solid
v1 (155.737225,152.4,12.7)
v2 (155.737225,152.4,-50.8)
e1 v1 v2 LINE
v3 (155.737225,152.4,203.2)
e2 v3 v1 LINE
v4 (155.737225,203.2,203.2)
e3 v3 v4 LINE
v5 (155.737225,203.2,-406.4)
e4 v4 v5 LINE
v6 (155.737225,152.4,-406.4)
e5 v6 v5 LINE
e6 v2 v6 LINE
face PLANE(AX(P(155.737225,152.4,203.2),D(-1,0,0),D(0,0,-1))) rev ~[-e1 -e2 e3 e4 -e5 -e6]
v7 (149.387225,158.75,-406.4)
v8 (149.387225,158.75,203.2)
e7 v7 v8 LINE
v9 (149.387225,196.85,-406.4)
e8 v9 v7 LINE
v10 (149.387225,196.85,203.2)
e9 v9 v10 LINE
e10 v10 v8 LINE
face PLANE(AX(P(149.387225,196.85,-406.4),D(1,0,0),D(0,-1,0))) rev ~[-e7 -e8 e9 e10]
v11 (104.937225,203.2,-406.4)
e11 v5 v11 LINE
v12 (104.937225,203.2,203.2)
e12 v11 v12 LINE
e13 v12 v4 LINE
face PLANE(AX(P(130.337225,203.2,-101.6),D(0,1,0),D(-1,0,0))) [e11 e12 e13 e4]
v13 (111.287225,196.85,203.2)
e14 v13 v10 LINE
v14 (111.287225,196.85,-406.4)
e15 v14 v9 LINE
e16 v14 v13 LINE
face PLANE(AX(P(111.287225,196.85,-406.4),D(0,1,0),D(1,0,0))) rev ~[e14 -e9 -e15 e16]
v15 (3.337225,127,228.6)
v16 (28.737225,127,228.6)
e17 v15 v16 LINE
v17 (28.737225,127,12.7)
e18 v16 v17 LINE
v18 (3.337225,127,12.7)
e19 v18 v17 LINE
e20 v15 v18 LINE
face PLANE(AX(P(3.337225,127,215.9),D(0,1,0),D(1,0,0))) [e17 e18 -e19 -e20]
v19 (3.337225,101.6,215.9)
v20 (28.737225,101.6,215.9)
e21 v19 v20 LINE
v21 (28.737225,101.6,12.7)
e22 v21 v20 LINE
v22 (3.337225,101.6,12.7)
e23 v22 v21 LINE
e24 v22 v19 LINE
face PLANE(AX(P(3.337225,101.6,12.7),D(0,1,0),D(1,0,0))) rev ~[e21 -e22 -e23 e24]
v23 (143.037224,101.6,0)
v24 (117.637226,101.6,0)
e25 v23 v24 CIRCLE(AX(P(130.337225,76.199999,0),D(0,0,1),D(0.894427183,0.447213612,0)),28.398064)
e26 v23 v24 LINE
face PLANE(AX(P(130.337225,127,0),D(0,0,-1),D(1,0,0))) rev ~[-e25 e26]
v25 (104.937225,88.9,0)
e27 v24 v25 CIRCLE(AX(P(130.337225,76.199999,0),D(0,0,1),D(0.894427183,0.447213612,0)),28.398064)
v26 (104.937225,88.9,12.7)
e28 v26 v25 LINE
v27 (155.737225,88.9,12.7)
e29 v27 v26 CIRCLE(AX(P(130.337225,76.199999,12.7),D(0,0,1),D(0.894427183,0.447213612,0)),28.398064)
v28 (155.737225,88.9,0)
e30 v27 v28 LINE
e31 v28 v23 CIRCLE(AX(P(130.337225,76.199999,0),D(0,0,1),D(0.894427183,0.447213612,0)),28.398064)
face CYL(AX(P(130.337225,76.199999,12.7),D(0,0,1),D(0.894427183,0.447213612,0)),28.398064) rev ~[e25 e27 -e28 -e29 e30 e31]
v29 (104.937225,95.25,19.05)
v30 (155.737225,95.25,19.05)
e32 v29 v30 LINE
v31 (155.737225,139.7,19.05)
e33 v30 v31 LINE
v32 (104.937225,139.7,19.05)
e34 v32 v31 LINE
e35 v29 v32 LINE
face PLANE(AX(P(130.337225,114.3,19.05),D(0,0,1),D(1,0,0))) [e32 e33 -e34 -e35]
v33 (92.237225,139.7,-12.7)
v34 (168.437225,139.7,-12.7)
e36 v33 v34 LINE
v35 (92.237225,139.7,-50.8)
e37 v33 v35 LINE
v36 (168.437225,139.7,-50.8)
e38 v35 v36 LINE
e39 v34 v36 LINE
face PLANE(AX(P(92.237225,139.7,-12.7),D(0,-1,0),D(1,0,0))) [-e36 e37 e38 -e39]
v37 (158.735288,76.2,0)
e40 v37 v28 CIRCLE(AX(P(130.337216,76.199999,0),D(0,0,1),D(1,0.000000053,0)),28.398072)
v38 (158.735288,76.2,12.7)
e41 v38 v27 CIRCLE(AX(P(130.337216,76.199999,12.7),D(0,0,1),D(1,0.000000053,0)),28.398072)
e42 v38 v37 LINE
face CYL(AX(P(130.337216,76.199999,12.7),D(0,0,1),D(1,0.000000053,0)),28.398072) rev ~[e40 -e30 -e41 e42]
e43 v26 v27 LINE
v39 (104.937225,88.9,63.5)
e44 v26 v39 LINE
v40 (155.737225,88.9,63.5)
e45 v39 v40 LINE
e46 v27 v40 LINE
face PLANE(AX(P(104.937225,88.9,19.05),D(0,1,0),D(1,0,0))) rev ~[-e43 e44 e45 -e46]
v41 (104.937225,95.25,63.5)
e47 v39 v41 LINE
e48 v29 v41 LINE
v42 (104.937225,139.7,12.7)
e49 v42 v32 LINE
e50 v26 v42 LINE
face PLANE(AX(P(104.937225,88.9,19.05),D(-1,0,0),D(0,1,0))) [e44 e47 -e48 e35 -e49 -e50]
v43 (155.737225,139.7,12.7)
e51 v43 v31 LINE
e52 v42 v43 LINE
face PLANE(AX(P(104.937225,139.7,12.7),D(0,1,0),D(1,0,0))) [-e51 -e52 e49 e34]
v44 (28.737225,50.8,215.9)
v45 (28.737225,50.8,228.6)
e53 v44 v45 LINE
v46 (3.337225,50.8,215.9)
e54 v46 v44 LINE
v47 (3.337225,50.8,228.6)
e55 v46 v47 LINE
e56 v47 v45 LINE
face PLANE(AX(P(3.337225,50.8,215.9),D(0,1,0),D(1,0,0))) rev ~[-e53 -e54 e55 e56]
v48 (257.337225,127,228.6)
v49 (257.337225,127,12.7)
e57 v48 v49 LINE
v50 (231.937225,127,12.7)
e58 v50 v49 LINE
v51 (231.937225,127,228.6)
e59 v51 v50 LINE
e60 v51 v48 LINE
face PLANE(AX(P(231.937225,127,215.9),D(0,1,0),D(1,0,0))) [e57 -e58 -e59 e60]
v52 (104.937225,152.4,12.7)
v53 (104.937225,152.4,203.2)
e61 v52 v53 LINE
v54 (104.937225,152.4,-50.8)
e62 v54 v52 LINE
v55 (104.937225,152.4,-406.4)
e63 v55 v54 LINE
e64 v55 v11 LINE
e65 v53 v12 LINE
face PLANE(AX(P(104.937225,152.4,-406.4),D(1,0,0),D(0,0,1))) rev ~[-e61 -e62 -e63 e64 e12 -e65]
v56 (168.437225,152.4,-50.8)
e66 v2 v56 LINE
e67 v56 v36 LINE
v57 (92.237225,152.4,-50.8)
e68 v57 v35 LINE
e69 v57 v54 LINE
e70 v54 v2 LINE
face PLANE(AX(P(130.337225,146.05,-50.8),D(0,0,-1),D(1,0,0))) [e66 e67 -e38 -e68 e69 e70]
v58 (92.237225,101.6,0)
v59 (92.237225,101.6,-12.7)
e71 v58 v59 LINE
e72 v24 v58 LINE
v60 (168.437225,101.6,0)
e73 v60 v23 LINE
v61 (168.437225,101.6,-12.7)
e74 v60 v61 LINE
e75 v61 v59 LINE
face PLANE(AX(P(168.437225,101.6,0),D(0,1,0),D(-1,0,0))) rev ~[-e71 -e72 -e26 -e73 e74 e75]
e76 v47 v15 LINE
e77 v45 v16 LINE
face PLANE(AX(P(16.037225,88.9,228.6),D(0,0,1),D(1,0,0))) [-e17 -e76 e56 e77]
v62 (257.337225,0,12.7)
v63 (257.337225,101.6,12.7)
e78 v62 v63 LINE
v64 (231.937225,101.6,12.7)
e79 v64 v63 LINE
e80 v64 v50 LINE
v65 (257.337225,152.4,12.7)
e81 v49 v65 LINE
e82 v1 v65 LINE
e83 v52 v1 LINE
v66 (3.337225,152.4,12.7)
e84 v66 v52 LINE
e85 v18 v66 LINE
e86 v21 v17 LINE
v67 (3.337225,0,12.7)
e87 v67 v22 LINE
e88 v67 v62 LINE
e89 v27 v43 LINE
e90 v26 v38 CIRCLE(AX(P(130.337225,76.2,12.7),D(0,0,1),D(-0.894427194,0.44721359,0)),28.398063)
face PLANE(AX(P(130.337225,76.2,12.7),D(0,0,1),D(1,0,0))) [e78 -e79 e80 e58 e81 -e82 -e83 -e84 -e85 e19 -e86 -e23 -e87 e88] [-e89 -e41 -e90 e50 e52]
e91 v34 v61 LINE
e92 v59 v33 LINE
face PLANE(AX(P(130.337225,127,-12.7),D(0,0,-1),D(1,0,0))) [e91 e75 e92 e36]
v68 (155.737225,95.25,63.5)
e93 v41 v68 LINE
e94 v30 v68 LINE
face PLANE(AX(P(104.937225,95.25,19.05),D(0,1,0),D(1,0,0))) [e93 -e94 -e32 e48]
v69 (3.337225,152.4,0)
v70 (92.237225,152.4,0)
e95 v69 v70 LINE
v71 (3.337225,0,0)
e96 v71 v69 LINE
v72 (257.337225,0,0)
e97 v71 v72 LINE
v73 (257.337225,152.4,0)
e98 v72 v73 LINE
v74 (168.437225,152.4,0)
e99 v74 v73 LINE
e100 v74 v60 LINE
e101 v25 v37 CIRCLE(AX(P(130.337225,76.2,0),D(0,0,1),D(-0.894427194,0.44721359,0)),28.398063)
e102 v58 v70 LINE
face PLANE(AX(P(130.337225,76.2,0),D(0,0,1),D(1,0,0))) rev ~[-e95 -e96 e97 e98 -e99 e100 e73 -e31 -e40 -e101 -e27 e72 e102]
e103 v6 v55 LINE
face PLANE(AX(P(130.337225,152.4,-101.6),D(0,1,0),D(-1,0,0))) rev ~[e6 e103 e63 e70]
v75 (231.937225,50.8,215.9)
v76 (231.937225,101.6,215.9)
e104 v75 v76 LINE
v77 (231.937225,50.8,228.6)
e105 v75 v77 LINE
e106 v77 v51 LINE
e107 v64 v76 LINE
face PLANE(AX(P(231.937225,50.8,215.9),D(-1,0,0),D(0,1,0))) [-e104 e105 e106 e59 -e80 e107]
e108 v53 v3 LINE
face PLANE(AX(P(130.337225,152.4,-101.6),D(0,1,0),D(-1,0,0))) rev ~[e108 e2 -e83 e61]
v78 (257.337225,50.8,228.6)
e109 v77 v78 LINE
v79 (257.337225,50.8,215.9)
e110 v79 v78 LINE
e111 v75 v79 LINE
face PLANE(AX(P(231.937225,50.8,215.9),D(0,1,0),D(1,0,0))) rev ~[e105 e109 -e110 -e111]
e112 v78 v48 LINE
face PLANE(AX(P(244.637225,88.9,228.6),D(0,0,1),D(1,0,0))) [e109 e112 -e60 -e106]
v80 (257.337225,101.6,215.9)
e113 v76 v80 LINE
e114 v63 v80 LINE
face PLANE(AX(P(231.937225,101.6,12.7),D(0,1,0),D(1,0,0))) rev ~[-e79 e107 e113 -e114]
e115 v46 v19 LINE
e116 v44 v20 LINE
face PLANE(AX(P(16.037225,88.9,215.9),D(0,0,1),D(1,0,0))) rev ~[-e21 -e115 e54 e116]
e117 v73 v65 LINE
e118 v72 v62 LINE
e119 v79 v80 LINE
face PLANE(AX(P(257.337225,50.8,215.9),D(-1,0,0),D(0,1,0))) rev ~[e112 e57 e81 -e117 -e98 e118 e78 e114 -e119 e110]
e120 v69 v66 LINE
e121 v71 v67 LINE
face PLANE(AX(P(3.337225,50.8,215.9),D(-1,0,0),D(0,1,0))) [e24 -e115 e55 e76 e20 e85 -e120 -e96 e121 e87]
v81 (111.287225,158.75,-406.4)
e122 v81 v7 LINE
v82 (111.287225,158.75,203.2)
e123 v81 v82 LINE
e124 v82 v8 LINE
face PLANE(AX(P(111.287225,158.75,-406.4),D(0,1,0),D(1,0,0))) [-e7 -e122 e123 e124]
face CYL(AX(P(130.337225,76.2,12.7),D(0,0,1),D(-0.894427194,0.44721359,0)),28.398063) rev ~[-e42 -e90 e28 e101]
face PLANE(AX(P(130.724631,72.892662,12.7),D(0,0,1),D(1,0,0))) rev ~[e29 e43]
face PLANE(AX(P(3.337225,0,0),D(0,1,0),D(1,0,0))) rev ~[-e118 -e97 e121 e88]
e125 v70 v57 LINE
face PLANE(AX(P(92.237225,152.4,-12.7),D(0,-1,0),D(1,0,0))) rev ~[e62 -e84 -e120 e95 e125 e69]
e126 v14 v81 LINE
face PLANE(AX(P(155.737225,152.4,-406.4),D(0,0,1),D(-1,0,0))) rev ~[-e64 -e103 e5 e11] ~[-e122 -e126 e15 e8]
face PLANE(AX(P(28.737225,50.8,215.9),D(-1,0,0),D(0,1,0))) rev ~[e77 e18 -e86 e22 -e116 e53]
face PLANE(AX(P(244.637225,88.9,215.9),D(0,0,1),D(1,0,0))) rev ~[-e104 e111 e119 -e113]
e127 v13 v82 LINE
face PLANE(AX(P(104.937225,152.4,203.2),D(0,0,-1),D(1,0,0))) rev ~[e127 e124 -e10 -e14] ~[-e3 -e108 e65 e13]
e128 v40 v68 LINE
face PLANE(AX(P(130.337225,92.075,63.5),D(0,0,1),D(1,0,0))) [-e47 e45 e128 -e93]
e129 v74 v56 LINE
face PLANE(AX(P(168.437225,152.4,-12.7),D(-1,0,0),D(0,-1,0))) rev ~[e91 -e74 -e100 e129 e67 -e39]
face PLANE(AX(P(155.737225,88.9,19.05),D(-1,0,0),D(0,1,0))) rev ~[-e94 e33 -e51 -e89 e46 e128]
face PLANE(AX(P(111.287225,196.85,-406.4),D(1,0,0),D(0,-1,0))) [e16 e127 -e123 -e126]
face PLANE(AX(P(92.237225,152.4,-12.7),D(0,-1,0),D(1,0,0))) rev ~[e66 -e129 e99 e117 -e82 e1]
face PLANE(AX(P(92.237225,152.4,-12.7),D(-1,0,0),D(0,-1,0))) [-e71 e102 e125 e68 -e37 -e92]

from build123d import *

# Parameters (mm, degrees)
F0_W      = 254
F0_H      = 152.4
F1_DEPTH  = 12.7
F2_W      = 50.8
F2_H      = 50.8
F3_DEPTH  = 6.35
F4_W      = 50.8
F4_H      = 6.35
F5_DEPTH  = 44.45
F7_DEPTH  = 25.4
F9_DEPTH  = 12.7
F10_W     = 76.2
F10_H     = 12.7
F11_DEPTH = 38.1
F13_DEPTH = 50.8
F14_W     = 38.1
F14_H     = 38.1
F15_DEPTH = 647.7
F16_W     = 25.4
F16_H     = 25.4
F17_DEPTH = 203.2
F18_W     = 25.4
F18_H     = 76.2
F19_DEPTH = 12.7
F20_W     = 25.4
F20_H     = 76.2
F21_DEPTH = 12.7


with BuildPart() as f1:
    # F0 (on Top) → F1 (new body)
    with BuildSketch(Plane.XY):
        with Locations((130.337225, 76.2)):
            Rectangle(F0_W, F0_H)
    extrude(amount=F1_DEPTH)

    # F2 (on face) → F3 (join)
    with BuildSketch(Plane.XY.offset(12.7)):
        with Locations((130.337225, 114.3)):
            Rectangle(F2_W, F2_H)
    extrude(amount=F3_DEPTH)

    # F4 (on face) → F5 (join)
    with BuildSketch(Plane.XY.offset(19.05)):
        with Locations((130.337225, 92.075)):
            Rectangle(F4_W, F4_H)
    extrude(amount=F5_DEPTH)

    # F6 (on face) → F7 (cut)
    with BuildSketch(Plane.XY.offset(12.7)):
        with BuildLine():
            ThreePointArc((158.735288, 76.2), (157.975611, 82.724538), (155.737225, 88.9))
            Line((155.737225, 88.9), (104.937225, 88.9))
            ThreePointArc((104.937225, 88.9), (123.812687, 48.561614), (158.735288, 76.2))
        make_face()
        with BuildLine():
            Line((104.937225, 88.9), (155.737225, 88.9))
            ThreePointArc((155.737225, 88.9), (130.337225, 104.598063), (104.937225, 88.9))
        make_face()
    extrude(amount=-F7_DEPTH, mode=Mode.SUBTRACT)

    # F8 (on face) → F9 (join)
    with BuildSketch(Plane(origin=(0, 0, 0), x_dir=(1, 0, 0), z_dir=(0, 0, -1))):
        Polygon((92.237225, -152.4), (130.337225, -152.4), (168.437225, -152.4), (168.437225, -101.6), (92.237225, -101.6), align=None)
    extrude(amount=F9_DEPTH)

    # F10 (on face) → F11 (join)
    with BuildSketch(Plane(origin=(0, 0, -12.7), x_dir=(1, 0, 0), z_dir=(0, 0, -1))):
        with Locations((130.337225, -146.05)):
            Rectangle(F10_W, F10_H)
    extrude(amount=F11_DEPTH)

    # F12 (on face) → F13 (join)
    with BuildSketch(Plane(origin=(0, 152.4, 0), x_dir=(-1, 0, 0), z_dir=(0, 1, 0))):
        Polygon((-104.937225, 203.2), (-130.337225, 203.2), (-155.737225, 203.2), (-155.737225, -406.4), (-104.937225, -406.4), align=None)
    extrude(amount=F13_DEPTH)

    # F14 (on face) → F15 (cut)
    with BuildSketch(Plane(origin=(0, 0, -406.4), x_dir=(1, 0, 0), z_dir=(0, 0, -1))):
        with Locations((130.337225, -177.8)):
            Rectangle(F14_W, F14_H)
    extrude(amount=-F15_DEPTH, mode=Mode.SUBTRACT)

    # F16 (on face) → F17 (join)
    with BuildSketch(Plane.XY.offset(12.7)):
        with Locations((16.037225, 114.3)):
            Rectangle(F16_W, F16_H)
        with Locations((244.637225, 114.3)):
            Rectangle(F16_W, F16_H)
    extrude(amount=F17_DEPTH)

    # F18 (on face) → F19 (join)
    with BuildSketch(Plane.XY.offset(215.9)):
        with Locations((244.637225, 88.9)):
            Rectangle(F18_W, F18_H)
    extrude(amount=F19_DEPTH)

    # F20 (on face) → F21 (join)
    with BuildSketch(Plane.XY.offset(215.9)):
        with Locations((16.037225, 88.9)):
            Rectangle(F20_W, F20_H)
    extrude(amount=F21_DEPTH)


solid = f1.part
